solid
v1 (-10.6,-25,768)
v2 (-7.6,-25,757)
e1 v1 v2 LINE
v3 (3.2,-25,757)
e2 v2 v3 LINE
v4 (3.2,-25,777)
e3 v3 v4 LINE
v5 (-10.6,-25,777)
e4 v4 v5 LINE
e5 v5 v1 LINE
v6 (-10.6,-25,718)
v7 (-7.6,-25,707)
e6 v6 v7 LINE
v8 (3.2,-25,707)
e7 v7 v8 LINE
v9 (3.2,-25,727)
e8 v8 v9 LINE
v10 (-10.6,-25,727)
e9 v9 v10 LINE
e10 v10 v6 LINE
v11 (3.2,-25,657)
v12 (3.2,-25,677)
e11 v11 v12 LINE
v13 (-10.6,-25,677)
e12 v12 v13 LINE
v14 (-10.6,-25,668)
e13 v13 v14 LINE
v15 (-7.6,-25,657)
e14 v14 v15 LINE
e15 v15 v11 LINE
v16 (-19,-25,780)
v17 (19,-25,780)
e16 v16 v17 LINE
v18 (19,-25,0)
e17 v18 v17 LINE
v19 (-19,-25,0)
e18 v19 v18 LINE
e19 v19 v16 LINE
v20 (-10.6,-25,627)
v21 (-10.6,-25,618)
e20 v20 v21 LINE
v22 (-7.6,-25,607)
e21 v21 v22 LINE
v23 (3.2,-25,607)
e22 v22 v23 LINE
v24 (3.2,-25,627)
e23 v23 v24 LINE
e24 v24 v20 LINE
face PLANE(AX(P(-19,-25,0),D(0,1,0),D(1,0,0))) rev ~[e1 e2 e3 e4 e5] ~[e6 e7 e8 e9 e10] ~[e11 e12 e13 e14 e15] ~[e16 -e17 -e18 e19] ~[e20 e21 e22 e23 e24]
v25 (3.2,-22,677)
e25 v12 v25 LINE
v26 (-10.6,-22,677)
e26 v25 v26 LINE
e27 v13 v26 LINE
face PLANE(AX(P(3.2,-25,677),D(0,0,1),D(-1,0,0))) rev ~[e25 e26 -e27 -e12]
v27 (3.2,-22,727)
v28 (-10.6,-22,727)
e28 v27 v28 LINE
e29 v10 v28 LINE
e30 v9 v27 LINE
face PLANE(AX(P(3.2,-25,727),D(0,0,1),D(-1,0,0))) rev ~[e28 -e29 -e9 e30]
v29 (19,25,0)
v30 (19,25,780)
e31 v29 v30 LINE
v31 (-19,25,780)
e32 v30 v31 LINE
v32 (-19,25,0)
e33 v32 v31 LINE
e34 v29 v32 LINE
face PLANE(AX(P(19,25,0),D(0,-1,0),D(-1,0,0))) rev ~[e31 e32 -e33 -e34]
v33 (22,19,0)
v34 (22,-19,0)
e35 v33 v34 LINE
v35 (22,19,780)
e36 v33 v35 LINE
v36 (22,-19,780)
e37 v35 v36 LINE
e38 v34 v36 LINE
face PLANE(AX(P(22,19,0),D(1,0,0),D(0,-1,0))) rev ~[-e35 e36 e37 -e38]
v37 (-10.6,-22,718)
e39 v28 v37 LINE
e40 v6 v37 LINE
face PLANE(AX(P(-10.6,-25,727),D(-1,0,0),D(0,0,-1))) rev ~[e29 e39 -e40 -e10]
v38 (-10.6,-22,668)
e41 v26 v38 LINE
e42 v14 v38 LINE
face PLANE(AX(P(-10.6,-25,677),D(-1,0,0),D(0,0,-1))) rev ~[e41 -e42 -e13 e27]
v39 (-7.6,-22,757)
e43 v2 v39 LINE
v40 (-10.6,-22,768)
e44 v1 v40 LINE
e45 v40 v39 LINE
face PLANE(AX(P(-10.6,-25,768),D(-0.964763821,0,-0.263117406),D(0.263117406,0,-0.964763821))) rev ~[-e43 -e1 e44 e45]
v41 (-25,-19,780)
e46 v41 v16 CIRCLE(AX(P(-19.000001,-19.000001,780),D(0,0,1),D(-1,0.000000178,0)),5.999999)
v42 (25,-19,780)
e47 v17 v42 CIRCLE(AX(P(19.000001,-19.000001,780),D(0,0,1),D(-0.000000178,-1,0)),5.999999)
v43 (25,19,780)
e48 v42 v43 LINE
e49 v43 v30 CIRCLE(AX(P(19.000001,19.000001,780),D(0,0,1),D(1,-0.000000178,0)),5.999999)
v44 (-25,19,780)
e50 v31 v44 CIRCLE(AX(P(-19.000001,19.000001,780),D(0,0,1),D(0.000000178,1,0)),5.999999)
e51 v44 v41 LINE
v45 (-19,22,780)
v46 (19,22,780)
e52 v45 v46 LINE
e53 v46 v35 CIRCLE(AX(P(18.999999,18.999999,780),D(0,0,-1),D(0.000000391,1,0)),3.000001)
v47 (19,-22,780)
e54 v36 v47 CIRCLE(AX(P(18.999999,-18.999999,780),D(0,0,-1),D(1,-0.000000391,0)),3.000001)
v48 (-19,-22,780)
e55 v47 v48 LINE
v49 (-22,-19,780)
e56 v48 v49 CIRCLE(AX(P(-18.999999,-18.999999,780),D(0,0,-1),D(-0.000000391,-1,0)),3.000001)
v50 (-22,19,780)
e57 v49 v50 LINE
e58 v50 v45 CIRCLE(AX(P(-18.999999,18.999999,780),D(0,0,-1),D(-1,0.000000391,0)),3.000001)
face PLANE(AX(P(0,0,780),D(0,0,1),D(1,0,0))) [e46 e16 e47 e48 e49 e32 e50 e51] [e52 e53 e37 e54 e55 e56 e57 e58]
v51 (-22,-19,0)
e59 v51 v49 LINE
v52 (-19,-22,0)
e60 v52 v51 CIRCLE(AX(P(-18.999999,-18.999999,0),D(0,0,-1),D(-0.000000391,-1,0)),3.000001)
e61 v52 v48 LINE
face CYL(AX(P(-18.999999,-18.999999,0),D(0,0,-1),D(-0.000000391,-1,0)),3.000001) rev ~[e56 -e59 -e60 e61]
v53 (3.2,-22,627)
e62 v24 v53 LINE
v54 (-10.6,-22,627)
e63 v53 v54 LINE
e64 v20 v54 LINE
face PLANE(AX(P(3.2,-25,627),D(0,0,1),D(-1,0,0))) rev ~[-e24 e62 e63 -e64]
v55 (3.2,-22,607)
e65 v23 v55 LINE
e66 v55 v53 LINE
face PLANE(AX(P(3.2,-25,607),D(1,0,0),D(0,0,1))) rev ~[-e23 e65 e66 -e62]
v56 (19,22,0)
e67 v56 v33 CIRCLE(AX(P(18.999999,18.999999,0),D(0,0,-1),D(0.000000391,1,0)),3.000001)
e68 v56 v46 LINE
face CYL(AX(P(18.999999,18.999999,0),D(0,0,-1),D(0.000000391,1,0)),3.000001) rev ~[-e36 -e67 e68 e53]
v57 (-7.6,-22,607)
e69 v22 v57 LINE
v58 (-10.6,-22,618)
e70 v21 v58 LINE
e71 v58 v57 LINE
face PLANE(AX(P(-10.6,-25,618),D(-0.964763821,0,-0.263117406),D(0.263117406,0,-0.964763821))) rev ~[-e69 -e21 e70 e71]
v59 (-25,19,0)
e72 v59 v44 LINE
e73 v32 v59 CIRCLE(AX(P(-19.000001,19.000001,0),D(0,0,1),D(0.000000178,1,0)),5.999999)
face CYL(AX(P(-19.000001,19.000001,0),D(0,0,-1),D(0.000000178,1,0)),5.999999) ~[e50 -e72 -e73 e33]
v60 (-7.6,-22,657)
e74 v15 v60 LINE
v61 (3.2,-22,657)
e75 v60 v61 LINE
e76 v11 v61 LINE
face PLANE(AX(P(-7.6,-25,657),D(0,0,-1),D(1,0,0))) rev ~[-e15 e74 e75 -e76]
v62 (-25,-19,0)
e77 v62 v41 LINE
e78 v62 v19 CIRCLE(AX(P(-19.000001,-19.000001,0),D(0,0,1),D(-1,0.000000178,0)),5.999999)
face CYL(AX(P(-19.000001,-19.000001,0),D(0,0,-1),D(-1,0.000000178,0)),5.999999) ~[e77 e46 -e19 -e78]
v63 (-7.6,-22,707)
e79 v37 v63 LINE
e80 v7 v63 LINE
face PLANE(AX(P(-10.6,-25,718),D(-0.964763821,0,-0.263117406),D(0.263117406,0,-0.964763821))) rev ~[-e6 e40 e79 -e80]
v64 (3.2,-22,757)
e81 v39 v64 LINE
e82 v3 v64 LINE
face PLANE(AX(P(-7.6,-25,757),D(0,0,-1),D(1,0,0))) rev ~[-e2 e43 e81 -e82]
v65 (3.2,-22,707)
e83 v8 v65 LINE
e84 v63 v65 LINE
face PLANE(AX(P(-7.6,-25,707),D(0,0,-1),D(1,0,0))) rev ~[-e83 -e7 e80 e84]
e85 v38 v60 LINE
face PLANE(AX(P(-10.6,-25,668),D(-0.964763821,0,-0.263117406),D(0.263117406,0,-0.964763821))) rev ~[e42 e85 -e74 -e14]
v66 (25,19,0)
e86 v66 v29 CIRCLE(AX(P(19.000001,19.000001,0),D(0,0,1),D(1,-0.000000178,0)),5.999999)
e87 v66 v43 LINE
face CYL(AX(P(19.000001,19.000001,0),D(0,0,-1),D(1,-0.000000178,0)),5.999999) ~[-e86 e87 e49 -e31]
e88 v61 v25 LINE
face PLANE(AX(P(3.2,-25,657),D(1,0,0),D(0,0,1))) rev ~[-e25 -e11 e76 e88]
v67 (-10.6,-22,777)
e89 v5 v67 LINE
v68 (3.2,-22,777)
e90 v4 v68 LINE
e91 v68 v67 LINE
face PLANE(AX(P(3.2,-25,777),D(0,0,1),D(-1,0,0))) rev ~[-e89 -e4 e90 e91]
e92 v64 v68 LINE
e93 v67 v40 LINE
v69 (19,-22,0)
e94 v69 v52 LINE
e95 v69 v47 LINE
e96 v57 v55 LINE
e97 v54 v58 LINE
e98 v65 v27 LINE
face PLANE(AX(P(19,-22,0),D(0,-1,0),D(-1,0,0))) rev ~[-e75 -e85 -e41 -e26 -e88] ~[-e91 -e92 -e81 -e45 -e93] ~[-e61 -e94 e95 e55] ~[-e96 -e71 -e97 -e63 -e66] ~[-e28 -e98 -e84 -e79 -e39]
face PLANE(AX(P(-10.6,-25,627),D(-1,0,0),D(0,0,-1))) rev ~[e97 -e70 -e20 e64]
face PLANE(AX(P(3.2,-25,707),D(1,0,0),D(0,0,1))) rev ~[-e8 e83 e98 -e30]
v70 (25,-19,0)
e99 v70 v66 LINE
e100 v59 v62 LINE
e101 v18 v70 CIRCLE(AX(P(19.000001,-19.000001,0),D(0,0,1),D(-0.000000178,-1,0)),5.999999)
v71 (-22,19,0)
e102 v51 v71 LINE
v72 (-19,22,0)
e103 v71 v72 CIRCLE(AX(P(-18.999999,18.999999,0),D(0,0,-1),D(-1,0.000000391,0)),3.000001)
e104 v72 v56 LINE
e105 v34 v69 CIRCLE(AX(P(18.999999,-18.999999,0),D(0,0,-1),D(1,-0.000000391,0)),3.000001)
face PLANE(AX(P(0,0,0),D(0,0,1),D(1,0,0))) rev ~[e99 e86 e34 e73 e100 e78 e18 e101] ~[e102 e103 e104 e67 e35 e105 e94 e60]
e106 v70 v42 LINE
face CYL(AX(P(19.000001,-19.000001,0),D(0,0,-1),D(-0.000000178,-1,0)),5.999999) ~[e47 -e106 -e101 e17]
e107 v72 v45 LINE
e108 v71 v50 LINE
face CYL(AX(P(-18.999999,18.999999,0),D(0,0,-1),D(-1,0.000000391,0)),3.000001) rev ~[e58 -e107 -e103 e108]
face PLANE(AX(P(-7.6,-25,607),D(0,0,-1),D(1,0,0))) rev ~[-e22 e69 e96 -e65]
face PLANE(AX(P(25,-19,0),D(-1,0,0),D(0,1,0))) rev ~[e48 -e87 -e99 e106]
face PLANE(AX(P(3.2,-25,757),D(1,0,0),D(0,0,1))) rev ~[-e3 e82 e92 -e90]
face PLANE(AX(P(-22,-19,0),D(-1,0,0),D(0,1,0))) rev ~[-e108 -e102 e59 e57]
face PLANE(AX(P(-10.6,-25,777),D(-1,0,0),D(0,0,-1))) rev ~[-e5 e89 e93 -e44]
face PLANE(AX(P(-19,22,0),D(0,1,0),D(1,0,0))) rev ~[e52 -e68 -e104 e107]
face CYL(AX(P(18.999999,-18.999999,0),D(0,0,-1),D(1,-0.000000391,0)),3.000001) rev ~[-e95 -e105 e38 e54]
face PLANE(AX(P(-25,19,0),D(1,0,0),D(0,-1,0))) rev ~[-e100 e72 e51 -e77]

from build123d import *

# Parameters (mm, degrees)
F1_DEPTH = 780
F3_DEPTH = 3


with BuildPart() as f1:
    # F0 (on Top) → F1 (new body)
    with BuildSketch(Plane.XY):
        with BuildLine():
            Line((-19, -25), (19, -25))
            ThreePointArc((19, -25), (23.242641, -23.242641), (25, -19))
            Line((25, -19), (25, 19))
            ThreePointArc((25, 19), (23.242641, 23.242641), (19, 25))
            Line((19, 25), (-19, 25))
            ThreePointArc((-19, 25), (-23.242641, 23.242641), (-25, 19))
            Line((-25, 19), (-25, -19))
            ThreePointArc((-25, -19), (-23.242641, -23.242641), (-19, -25))
        make_face()
        with BuildLine():
            Line((-19, 22), (19, 22))
            ThreePointArc((19, 22), (21.12132, 21.12132), (22, 19))
            Line((22, 19), (22, -19))
            ThreePointArc((22, -19), (21.12132, -21.12132), (19, -22))
            Line((19, -22), (-19, -22))
            ThreePointArc((-19, -22), (-21.12132, -21.12132), (-22, -19))
            Line((-22, -19), (-22, 19))
            ThreePointArc((-22, 19), (-21.12132, 21.12132), (-19, 22))
        make_face(mode=Mode.SUBTRACT)
    extrude(amount=F1_DEPTH)

    # F2 (on face) → F3 (cut)
    with BuildSketch(Plane.XZ.offset(25)):
        Polygon((3.2, 777), (-10.6, 777), (-10.6, 768), (-7.6, 757), (3.2, 757), align=None)
        Polygon((-10.6, 727), (-10.6, 718), (-7.6, 707), (3.2, 707), (3.2, 727), align=None)
        Polygon((-10.6, 677), (-10.6, 668), (-7.6, 657), (3.2, 657), (3.2, 677), align=None)
        Polygon((-10.6, 627), (-10.6, 618), (-7.6, 607), (3.2, 607), (3.2, 627), align=None)
    extrude(amount=-F3_DEPTH, mode=Mode.SUBTRACT)


solid = f1.part
